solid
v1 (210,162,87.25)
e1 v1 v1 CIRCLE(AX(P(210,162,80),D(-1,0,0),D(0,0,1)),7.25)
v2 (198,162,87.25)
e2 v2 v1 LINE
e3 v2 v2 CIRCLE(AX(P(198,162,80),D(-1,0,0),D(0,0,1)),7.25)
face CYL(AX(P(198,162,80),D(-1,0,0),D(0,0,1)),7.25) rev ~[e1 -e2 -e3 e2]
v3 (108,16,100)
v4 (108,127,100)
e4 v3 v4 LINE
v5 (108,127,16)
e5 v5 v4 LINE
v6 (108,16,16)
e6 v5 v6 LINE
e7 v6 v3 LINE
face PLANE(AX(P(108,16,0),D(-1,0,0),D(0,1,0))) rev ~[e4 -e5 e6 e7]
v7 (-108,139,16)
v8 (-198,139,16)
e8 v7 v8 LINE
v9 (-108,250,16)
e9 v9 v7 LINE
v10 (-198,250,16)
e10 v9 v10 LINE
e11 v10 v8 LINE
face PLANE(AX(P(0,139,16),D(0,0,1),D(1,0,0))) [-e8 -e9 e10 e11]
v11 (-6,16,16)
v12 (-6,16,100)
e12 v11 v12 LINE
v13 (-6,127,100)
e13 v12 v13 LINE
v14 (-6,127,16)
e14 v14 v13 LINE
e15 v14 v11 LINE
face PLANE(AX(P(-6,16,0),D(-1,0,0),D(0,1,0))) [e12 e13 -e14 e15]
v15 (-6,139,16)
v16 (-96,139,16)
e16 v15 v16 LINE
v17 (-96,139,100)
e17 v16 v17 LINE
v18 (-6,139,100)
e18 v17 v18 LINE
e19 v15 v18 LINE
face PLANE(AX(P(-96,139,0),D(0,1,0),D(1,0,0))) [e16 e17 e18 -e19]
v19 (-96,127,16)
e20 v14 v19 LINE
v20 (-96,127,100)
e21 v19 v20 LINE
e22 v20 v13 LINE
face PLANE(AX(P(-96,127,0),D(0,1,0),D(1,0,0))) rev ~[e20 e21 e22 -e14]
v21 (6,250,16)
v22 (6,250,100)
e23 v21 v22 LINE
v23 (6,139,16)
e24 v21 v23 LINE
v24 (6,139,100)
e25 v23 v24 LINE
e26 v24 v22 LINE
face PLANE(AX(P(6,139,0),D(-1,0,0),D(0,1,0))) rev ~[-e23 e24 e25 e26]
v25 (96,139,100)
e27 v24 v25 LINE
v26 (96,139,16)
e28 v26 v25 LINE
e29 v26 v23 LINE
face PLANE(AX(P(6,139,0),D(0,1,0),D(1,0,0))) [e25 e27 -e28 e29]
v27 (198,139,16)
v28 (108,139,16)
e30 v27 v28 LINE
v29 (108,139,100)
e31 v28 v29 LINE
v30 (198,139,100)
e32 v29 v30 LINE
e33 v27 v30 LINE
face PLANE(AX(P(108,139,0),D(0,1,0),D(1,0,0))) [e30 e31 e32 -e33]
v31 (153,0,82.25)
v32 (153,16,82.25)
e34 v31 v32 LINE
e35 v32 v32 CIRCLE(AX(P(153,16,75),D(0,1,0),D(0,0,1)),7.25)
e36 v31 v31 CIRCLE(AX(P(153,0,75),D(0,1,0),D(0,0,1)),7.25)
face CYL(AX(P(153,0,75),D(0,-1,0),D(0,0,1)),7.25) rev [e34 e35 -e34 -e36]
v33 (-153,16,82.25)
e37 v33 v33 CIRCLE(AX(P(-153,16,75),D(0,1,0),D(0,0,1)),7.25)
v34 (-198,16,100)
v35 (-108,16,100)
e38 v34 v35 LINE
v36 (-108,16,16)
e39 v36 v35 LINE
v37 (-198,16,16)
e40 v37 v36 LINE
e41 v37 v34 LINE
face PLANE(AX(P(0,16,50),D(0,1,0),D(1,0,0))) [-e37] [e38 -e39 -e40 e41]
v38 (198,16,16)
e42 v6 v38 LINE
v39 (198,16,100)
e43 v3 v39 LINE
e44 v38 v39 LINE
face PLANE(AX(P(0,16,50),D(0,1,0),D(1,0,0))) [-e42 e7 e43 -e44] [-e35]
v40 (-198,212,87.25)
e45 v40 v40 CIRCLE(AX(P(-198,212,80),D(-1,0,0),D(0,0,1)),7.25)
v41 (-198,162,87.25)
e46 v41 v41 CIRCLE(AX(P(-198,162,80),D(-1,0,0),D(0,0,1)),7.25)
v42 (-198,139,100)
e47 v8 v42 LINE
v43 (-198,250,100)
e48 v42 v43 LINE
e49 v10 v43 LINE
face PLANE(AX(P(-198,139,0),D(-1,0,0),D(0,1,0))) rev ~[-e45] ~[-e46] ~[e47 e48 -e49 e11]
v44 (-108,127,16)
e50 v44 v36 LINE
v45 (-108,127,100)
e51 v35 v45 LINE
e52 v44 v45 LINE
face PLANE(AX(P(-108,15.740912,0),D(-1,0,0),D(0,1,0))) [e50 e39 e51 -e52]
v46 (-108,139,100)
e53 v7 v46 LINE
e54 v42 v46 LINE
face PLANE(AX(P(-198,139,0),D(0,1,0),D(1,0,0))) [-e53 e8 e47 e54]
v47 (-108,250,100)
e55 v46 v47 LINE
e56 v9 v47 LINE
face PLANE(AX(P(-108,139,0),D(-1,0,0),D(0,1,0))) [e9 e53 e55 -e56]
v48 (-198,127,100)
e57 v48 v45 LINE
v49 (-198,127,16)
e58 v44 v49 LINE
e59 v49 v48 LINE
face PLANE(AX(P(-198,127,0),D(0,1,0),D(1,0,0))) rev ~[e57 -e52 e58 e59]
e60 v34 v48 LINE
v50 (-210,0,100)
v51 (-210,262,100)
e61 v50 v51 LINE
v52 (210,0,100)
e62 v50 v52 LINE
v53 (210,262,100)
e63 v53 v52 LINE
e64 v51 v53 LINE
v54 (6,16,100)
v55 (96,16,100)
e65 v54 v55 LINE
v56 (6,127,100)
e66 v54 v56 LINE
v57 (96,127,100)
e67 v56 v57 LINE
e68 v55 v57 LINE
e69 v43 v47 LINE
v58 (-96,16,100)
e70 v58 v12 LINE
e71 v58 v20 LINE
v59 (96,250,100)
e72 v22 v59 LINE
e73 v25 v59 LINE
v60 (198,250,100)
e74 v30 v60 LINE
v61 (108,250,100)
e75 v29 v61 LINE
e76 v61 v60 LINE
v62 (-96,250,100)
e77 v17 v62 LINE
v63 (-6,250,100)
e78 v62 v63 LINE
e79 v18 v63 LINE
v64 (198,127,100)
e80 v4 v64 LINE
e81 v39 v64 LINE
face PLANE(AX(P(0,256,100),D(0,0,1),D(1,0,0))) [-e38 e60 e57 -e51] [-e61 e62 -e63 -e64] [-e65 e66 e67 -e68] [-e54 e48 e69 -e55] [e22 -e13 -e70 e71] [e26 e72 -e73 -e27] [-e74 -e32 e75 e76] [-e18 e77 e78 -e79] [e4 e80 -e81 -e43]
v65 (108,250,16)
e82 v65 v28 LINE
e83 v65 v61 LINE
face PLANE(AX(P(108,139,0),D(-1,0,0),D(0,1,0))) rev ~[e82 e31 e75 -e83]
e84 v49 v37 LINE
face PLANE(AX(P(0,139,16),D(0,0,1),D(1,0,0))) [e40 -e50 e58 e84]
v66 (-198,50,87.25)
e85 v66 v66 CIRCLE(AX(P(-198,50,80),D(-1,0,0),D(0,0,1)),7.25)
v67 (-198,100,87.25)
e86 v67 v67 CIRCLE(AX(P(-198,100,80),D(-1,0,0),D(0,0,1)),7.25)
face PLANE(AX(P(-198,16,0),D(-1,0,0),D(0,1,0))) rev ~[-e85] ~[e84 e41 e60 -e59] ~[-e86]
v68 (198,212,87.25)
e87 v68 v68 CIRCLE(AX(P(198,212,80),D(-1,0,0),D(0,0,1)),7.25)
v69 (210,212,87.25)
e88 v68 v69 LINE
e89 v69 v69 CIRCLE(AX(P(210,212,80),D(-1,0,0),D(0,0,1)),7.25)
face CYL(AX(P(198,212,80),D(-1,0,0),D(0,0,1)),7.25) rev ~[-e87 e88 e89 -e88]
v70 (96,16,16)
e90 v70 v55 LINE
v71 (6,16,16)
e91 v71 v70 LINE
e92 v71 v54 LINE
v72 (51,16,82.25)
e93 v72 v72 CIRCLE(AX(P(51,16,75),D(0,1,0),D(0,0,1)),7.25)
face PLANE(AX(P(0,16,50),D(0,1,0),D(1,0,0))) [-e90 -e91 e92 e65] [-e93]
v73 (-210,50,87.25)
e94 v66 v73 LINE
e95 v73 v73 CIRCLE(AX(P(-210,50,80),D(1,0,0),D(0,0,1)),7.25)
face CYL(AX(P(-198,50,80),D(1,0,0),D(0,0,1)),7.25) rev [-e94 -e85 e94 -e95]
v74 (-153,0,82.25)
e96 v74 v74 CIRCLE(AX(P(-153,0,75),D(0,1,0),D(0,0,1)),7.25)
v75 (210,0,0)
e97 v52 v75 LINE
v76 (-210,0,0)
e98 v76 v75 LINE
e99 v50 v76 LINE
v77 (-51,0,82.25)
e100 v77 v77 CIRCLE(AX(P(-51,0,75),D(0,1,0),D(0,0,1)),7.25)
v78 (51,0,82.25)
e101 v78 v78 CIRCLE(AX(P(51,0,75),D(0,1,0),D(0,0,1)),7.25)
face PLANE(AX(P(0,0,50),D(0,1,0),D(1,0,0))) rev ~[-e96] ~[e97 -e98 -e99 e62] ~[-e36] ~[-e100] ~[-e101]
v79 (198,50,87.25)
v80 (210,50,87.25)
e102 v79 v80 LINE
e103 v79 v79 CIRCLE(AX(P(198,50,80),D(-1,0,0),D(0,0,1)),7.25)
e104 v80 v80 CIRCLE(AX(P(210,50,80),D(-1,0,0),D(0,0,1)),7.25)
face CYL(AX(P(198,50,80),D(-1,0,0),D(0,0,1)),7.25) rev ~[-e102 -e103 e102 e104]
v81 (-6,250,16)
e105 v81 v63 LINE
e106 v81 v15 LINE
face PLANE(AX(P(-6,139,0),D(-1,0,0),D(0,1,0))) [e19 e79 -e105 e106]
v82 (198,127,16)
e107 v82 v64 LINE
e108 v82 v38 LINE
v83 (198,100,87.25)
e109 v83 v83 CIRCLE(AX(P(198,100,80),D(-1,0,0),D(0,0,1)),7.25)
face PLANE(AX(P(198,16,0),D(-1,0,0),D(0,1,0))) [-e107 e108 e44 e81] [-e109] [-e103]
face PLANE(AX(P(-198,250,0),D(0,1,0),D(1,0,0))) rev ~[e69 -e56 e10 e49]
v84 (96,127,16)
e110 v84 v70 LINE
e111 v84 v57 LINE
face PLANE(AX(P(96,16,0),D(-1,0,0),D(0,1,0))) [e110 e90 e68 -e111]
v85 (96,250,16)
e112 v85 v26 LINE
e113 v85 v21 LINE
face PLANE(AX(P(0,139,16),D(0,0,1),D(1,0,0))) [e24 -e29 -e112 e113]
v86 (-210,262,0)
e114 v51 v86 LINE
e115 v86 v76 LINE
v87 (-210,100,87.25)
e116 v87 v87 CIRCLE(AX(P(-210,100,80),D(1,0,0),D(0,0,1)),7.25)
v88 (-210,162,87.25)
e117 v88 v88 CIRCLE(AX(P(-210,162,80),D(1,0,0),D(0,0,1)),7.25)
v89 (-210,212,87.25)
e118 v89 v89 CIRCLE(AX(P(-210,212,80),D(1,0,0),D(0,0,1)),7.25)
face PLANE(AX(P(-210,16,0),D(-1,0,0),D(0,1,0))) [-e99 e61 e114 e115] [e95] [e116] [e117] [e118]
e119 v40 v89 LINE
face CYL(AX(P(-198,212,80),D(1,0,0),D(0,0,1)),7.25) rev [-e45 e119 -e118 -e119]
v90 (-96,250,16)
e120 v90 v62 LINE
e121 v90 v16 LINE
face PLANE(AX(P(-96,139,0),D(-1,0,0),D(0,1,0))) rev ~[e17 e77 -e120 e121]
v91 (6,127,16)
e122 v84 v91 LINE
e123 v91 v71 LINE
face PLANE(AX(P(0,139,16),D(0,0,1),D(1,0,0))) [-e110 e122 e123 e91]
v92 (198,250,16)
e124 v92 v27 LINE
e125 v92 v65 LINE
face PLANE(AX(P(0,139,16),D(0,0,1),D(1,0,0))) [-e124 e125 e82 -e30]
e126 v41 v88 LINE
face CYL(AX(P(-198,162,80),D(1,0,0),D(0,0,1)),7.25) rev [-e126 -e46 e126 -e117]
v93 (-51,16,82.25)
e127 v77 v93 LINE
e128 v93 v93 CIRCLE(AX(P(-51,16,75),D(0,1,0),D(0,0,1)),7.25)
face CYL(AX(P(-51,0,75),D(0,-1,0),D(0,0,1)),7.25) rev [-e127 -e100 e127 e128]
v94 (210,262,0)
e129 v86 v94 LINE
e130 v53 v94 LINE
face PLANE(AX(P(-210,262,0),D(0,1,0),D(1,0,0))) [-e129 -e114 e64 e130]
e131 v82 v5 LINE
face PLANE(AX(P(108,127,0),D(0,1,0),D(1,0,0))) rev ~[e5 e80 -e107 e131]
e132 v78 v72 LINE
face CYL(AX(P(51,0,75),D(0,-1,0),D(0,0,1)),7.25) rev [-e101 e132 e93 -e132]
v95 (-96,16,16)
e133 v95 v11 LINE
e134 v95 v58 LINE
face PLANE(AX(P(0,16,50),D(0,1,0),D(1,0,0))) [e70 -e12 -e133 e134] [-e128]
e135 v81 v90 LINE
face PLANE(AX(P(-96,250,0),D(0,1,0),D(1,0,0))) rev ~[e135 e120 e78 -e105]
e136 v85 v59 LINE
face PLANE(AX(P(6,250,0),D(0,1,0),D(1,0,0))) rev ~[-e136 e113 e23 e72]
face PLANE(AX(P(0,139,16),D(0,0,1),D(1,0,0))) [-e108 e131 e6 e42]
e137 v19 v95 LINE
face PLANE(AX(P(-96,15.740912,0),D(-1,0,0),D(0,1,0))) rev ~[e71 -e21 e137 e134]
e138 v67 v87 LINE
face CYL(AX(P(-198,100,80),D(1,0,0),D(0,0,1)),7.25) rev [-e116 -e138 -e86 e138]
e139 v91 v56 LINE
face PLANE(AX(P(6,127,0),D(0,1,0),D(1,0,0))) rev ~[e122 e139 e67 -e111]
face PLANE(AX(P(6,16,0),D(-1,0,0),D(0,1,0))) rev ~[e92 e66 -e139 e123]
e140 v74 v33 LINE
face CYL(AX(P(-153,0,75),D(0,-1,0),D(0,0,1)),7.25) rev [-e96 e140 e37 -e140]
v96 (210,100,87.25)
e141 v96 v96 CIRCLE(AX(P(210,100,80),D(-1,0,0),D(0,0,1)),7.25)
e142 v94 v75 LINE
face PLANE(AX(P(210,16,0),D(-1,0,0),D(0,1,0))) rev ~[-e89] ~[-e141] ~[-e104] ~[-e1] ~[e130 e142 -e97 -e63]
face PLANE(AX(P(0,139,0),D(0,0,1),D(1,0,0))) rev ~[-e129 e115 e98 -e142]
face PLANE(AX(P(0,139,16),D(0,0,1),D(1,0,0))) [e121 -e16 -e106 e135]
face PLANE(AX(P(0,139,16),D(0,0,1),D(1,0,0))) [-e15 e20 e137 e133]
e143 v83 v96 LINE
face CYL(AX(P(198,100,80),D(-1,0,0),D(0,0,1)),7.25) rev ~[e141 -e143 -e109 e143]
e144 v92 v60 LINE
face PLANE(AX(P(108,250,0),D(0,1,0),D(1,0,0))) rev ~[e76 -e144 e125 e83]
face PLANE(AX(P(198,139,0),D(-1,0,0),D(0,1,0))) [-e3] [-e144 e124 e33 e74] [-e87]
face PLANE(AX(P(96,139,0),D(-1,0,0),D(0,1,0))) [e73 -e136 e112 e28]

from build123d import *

# Parameters (mm, degrees)
SKETCH1_W           = 420
SKETCH1_H           = 100
BOSS_EXTRUDE1_DEPTH = 16
SKETCH2_W           = 420
SKETCH2_H           = 246
BOSS_EXTRUDE2_DEPTH = 16
SKETCH3_W           = 420
SKETCH3_H           = 12
SKETCH3_W_2         = 12
SKETCH3_H_2         = 111
SKETCH3_H_3         = 111.25908774
BOSS_EXTRUDE3_DEPTH = 100
SKETCH4_R           = 7.25
CUT_EXTRUDE3_DEPTH  = 16
SKETCH5_R           = 7.25
CUT_EXTRUDE4_DEPTH  = 26


with BuildPart() as part:
    # Sketch1 → Boss-Extrude1 (new body)
    with BuildSketch(Plane(origin=(0, 0, 0), x_dir=(1, 0, 0), z_dir=(0, 1, 0))):
        with Locations((0, -50)):
            Rectangle(SKETCH1_W, SKETCH1_H)
    extrude(amount=BOSS_EXTRUDE1_DEPTH)

    # Sketch2 → Boss-Extrude2 (add)
    with BuildSketch(Plane.XY):
        with Locations((0, 139)):
            Rectangle(SKETCH2_W, SKETCH2_H)
    extrude(amount=BOSS_EXTRUDE2_DEPTH)

    # Sketch3 → Boss-Extrude3 (add)
    with BuildSketch(Plane.XY):
        with Locations((0, 256)):
            Rectangle(SKETCH3_W, SKETCH3_H)
        with Locations((-204, 194.5)):
            Rectangle(SKETCH3_W_2, SKETCH3_H_2)
        with Locations((-102, 194.5)):
            Rectangle(SKETCH3_W_2, SKETCH3_H_2)
        with Locations((0, 194.5)):
            Rectangle(SKETCH3_W_2, SKETCH3_H_2)
        with Locations((0, 133)):
            Rectangle(SKETCH3_W, SKETCH3_H)
        with Locations((-204, 71.5)):
            Rectangle(SKETCH3_W_2, SKETCH3_H_2)
        with Locations((-102, 71.37045613)):
            Rectangle(SKETCH3_W_2, SKETCH3_H_3)
        with Locations((204, 71.5)):
            Rectangle(SKETCH3_W_2, SKETCH3_H_2)
        with Locations((204, 194.5)):
            Rectangle(SKETCH3_W_2, SKETCH3_H_2)
        with Locations((0, 71.5)):
            Rectangle(SKETCH3_W_2, SKETCH3_H_2)
        with Locations((102, 194.5)):
            Rectangle(SKETCH3_W_2, SKETCH3_H_2)
        with Locations((102, 71.5)):
            Rectangle(SKETCH3_W_2, SKETCH3_H_2)
    extrude(amount=BOSS_EXTRUDE3_DEPTH)

    # Sketch4 → Cut-Extrude3 (cut)
    with BuildSketch(Plane(origin=(0, 0, 0), x_dir=(1, 0, 0), z_dir=(0, 1, 0))):
        with Locations(Location((-153, -75, 0), (0, 0, 270))):
            Circle(SKETCH4_R)
        with Locations(Location((-51, -75, 0), (0, 0, 270))):
            Circle(SKETCH4_R)
        with Locations(Location((51, -75, 0), (0, 0, 270))):
            Circle(SKETCH4_R)
        with Locations(Location((153, -75, 0), (0, 0, 270))):
            Circle(SKETCH4_R)
    extrude(amount=CUT_EXTRUDE3_DEPTH, mode=Mode.SUBTRACT)

    # Sketch5 → Cut-Extrude4 (cut)
    with BuildSketch(Plane.ZY.offset(-198)):
        with Locations((80, 212)):
            Circle(SKETCH5_R)
        with Locations((80, 162)):
            Circle(SKETCH5_R)
        with Locations((80, 100)):
            Circle(SKETCH5_R)
        with Locations((80, 50)):
            Circle(SKETCH5_R)
    cut_extrude4 = extrude(amount=-CUT_EXTRUDE4_DEPTH, mode=Mode.SUBTRACT)

    # Mirror1: Cut-Extrude4 across plane
    add(cut_extrude4.mirror(Plane(origin=(0, 0, 0), x_dir=(0, 0, 1), z_dir=(1, 0, 0))), mode=Mode.SUBTRACT)


solid = part.part
